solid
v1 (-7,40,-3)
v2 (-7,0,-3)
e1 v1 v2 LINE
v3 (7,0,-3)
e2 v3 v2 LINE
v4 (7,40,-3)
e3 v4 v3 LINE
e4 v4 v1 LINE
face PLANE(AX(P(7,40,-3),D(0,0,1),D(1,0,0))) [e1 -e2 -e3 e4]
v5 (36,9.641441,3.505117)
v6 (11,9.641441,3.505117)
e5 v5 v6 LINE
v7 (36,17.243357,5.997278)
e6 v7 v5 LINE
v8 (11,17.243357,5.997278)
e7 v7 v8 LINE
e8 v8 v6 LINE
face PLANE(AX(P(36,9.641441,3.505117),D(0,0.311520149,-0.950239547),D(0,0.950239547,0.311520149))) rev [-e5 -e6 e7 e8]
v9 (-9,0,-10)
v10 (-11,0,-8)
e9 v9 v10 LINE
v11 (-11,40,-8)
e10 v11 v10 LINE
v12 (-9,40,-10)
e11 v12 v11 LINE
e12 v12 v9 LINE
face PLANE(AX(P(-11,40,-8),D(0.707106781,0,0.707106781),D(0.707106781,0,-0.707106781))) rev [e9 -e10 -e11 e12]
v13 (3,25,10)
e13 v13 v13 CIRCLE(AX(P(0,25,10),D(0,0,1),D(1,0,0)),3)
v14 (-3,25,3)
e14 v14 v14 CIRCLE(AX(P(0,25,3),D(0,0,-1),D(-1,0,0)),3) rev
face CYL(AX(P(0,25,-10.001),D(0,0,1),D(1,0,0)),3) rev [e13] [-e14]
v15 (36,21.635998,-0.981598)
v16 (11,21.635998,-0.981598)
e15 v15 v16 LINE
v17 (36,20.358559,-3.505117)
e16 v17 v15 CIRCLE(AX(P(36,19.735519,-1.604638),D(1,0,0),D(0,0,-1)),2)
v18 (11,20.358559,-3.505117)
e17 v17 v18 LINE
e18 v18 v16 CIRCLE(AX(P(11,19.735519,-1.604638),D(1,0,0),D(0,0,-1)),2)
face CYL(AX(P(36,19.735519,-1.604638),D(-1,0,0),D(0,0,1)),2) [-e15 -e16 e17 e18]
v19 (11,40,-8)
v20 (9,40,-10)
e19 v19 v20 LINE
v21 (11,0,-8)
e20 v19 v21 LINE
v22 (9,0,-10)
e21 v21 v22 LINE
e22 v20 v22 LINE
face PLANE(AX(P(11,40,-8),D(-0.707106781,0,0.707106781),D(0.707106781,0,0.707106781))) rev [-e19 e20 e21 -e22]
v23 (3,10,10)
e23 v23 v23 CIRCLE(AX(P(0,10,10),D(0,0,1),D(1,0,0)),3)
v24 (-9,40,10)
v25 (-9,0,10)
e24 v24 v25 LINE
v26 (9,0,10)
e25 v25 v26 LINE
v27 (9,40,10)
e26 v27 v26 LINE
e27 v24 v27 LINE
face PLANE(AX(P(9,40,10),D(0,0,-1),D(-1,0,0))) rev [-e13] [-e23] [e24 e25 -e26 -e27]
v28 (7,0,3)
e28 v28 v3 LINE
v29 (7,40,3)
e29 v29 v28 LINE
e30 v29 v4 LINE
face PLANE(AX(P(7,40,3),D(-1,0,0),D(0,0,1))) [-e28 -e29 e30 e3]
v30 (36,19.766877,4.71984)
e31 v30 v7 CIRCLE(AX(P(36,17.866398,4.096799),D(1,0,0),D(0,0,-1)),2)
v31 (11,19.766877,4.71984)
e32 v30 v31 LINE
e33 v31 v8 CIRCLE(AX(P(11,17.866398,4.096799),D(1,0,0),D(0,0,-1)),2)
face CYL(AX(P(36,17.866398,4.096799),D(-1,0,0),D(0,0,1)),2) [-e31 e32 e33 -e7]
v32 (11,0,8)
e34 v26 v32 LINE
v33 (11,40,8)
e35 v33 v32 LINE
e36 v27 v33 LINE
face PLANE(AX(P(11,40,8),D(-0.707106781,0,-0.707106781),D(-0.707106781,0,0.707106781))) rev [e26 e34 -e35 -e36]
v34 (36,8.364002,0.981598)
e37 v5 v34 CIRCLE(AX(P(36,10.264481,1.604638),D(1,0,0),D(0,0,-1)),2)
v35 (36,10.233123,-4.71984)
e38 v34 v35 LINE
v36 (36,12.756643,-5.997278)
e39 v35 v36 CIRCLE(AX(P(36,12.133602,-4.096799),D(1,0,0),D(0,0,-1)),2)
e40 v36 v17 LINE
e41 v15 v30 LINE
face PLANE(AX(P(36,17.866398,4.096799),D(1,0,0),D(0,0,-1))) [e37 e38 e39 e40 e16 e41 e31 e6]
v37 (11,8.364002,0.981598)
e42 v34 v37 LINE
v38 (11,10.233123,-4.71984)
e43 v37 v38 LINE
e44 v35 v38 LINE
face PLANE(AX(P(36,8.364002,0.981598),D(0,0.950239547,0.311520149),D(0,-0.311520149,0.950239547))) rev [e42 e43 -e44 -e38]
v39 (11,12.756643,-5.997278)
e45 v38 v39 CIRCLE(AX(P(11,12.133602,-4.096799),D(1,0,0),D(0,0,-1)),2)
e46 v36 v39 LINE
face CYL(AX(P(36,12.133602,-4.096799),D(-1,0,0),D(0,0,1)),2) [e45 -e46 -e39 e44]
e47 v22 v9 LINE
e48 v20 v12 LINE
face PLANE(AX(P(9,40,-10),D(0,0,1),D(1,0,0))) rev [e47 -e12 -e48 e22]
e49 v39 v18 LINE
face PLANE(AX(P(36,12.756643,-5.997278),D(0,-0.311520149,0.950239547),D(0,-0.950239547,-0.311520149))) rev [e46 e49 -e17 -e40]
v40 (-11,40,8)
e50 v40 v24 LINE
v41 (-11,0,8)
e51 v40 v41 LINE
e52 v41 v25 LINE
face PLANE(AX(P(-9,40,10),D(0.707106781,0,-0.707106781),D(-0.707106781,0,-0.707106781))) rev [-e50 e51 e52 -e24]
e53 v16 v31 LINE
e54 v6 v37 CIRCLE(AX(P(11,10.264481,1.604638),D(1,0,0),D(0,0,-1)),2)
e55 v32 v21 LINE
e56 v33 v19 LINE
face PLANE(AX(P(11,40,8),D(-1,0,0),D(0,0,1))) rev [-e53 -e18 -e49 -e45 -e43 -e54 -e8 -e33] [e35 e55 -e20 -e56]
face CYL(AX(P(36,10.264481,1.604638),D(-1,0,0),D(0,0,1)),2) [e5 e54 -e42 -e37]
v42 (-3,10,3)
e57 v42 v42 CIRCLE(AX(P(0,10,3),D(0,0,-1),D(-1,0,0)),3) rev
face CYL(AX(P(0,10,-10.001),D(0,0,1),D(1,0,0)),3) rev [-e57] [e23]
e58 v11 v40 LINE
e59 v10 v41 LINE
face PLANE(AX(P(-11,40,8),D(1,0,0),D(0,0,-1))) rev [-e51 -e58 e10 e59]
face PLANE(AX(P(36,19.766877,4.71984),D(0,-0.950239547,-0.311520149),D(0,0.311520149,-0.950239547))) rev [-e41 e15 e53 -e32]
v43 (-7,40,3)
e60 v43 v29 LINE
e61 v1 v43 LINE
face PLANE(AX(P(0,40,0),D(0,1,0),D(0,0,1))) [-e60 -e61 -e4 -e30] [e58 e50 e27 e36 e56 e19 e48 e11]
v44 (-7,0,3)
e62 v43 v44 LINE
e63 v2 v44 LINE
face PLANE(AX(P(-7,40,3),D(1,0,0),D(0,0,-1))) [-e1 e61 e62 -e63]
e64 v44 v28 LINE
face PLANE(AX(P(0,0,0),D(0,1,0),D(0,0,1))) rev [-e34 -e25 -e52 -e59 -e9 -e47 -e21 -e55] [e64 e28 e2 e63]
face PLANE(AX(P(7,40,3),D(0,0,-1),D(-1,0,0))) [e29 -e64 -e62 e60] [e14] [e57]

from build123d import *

# Parameters (mm, degrees)
CROQUIS1_W              = 14
CROQUIS1_H              = 6
SALIENTE_EXTRUIR1_DEPTH = 40
SALIENTE_EXTRUIR4_DEPTH = 25
CORTAR_EXTRUIR1_REACH   = 59.411
CROQUIS3_R              = 3


with BuildPart() as part:
    # Croquis1 → Saliente-Extruir1 (new body)
    with BuildSketch(Plane(origin=(0, 0, 0), x_dir=(1, 0, 0), z_dir=(0, 1, 0))):
        Polygon((-11, 8), (-9, 10), (9, 10), (11, 8), (11, -8), (9, -10), (-9, -10), (-11, -8), align=None)
        Rectangle(CROQUIS1_W, CROQUIS1_H, mode=Mode.SUBTRACT)
    extrude(amount=SALIENTE_EXTRUIR1_DEPTH)

    # Croquis2 → Saliente-Extruir4 (add)
    with BuildSketch(Plane(origin=(11, 0, 0), x_dir=(0, 0, -1), z_dir=(1, 0, 0))):
        with BuildLine():
            Line((-3.505117141, 9.641441068), (-5.99727833, 17.243357445))
            ThreePointArc((-5.99727833, 17.243357445), (-5.88119691, 18.769683379), (-4.719839533, 19.766876837))
            Line((-4.719839533, 19.766876837), (0.98159775, 21.635997729))
            ThreePointArc((0.98159775, 21.635997729), (2.507923683, 21.519916309), (3.505117141, 20.358558932))
            Line((3.505117141, 20.358558932), (5.99727833, 12.756642555))
            ThreePointArc((5.99727833, 12.756642555), (5.88119691, 11.230316621), (4.719839533, 10.233123163))
            Line((4.719839533, 10.233123163), (-0.98159775, 8.364002271))
            ThreePointArc((-0.98159775, 8.364002271), (-2.507923683, 8.480083691), (-3.505117141, 9.641441068))
        make_face()
    extrude(amount=SALIENTE_EXTRUIR4_DEPTH)

    # Croquis3 → Cortar-Extruir1 (cut, up to next)
    with BuildSketch(Plane.XY.offset(10), mode=Mode.PRIVATE) as cortar_extruir1_sk1:
        with Locations((0, 10)):
            Circle(CROQUIS3_R)
    cortar_extruir1_tool1 = extrude(cortar_extruir1_sk1.sketch, amount=-CORTAR_EXTRUIR1_REACH, mode=Mode.PRIVATE) & part.part
    # Croquis3 → Cortar-Extruir1 (cut, up to next)
    with BuildSketch(Plane.XY.offset(10), mode=Mode.PRIVATE) as cortar_extruir1_sk2:
        with Locations((0, 25)):
            Circle(CROQUIS3_R)
    cortar_extruir1_tool2 = extrude(cortar_extruir1_sk2.sketch, amount=-CORTAR_EXTRUIR1_REACH, mode=Mode.PRIVATE) & part.part
    add(cortar_extruir1_tool1.solids().sort_by_distance((0, 10, 10))[0], mode=Mode.SUBTRACT)
    add(cortar_extruir1_tool2.solids().sort_by_distance((0, 25, 10))[0], mode=Mode.SUBTRACT)


solid = part.part
